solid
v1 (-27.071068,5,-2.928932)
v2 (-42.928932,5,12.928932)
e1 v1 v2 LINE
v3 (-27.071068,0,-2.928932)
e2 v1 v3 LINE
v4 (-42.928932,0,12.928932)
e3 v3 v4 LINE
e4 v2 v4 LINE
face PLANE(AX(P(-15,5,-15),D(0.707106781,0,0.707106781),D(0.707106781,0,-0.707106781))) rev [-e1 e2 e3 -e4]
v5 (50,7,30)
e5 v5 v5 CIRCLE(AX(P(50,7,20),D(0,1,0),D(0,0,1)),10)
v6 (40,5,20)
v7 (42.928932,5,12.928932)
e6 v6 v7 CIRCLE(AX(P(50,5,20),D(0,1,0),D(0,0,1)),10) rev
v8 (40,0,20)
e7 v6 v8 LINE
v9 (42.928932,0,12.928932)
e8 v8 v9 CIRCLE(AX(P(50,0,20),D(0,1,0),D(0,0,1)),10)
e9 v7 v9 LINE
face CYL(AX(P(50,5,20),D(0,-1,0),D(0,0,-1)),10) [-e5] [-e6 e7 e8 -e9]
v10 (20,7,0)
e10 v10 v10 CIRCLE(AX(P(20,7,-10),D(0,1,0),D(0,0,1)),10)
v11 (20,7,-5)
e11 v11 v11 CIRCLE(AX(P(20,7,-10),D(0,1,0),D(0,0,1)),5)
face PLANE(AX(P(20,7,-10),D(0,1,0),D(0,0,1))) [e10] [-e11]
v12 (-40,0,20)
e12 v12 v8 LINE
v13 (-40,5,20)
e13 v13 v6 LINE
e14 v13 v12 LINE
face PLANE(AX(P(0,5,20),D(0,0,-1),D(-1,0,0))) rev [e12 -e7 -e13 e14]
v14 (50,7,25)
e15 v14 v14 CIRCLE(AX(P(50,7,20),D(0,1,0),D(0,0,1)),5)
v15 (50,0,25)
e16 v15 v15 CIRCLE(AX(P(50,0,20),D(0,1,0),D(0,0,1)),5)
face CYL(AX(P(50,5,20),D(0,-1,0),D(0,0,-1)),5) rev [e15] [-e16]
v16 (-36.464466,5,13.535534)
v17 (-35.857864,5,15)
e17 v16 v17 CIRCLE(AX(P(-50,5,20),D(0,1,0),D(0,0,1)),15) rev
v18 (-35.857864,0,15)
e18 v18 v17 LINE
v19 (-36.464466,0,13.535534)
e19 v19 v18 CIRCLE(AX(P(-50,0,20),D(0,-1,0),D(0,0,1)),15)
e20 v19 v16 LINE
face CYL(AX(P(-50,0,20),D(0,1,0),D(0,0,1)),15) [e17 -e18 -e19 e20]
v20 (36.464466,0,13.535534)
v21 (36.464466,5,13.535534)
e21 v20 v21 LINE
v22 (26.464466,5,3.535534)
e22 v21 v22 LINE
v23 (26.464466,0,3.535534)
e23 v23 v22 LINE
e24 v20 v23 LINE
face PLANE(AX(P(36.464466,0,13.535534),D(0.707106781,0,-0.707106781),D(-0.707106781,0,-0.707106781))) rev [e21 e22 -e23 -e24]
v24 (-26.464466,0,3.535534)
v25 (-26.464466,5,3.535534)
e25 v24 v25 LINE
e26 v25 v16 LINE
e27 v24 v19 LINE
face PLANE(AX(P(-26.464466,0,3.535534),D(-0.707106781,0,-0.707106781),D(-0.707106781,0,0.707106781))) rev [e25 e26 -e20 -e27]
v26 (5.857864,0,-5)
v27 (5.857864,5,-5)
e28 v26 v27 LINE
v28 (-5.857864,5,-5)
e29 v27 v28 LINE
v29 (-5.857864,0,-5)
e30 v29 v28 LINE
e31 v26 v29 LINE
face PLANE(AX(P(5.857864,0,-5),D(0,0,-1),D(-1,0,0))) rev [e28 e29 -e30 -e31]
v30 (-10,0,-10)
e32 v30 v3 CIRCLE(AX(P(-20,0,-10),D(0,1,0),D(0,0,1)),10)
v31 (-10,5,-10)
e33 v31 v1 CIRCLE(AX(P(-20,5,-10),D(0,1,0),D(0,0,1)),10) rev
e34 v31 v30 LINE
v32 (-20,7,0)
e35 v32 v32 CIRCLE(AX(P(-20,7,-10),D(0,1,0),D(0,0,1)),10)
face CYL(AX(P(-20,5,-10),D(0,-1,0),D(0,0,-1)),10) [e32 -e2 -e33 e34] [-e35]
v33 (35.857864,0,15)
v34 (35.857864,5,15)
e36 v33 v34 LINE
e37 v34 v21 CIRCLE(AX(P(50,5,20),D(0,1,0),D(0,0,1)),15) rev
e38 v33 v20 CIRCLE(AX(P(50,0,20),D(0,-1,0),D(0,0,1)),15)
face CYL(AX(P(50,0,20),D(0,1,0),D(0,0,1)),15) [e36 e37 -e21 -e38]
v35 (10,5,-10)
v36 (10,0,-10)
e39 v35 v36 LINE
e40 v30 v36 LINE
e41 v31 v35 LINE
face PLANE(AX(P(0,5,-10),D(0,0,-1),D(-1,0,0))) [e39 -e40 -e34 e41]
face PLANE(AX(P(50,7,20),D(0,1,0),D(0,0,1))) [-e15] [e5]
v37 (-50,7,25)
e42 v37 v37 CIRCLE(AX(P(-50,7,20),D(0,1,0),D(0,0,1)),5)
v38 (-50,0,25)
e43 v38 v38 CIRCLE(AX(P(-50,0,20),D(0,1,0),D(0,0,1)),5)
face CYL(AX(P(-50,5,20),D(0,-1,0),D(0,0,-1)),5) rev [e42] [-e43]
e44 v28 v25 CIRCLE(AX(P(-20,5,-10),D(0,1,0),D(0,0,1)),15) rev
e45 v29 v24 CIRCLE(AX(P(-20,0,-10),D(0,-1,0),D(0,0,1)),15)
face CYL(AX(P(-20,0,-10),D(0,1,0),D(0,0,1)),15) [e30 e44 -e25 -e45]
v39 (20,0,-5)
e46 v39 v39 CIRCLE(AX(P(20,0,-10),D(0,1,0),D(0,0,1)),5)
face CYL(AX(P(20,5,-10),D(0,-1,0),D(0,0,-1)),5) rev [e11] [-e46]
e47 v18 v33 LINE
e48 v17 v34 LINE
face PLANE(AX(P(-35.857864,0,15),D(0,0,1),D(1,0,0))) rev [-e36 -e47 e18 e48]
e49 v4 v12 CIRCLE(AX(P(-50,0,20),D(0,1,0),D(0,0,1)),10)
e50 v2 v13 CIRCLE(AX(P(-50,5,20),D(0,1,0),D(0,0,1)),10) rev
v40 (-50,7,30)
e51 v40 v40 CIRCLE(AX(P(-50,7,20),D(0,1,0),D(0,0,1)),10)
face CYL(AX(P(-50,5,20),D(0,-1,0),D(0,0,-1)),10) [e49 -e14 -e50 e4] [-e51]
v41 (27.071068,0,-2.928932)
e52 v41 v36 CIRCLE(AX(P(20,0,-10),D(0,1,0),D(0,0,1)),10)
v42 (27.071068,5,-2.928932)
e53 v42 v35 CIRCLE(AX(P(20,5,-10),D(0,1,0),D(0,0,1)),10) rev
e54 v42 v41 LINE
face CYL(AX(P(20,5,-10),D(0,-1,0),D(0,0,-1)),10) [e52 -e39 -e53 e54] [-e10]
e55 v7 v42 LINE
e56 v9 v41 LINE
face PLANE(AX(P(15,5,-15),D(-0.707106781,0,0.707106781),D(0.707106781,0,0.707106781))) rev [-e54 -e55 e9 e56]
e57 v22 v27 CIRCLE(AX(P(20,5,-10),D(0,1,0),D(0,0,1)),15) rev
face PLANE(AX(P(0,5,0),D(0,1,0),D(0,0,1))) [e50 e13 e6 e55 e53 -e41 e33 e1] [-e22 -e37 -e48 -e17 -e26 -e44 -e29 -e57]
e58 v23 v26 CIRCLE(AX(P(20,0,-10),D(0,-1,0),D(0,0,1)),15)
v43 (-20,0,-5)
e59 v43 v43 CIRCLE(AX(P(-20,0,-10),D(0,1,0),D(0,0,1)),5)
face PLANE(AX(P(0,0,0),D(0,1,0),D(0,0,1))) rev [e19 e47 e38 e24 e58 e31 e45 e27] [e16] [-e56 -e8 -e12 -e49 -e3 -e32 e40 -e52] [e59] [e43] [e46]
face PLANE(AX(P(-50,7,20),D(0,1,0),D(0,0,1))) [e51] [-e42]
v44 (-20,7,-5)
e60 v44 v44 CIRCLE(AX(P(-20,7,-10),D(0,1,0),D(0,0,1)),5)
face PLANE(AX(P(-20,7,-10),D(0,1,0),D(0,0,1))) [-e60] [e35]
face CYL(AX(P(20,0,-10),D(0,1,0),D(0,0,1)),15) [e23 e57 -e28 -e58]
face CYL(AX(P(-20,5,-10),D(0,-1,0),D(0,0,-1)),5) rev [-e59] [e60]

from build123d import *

# Parameters (mm, degrees)
SKETCH1_R               = 5
BOSS_EXTRUDE1_DEPTH     = 5
SKETCH1_3_R             = 10
SKETCH1_3_R_2           = 5
BOSS_EXTRUDE2_DEPTH     = 7
CUT_EXTRUDE1_DEPTH      = 68.268120235
CUT_EXTRUDE1_DEPTH_BACK = 68.268120235


with BuildPart() as part:
    # Sketch1 → Boss-Extrude1 (new body)
    with BuildSketch(Plane(origin=(0, 0, 0), x_dir=(1, 0, 0), z_dir=(0, 1, 0))):
        with BuildLine():
            ThreePointArc((-10, 10), (-23.826834324, 19.238795325), (-27.071067812, 2.928932188))
            Line((-27.071067812, 2.928932188), (-42.928932188, -12.928932188))
            ThreePointArc((-42.928932188, -12.928932188), (-59.238795325, -23.826834324), (-40, -20))
            Line((-40, -20), (40, -20))
            ThreePointArc((40, -20), (59.238795325, -23.826834324), (42.928932188, -12.928932188))
            Line((42.928932188, -12.928932188), (27.071067812, 2.928932188))
            ThreePointArc((27.071067812, 2.928932188), (23.826834324, 19.238795325), (10, 10))
            Line((10, 10), (-10, 10))
        make_face()
        with Locations((-20, 10)):
            Circle(SKETCH1_R, mode=Mode.SUBTRACT)
        with Locations((20, 10)):
            Circle(SKETCH1_R, mode=Mode.SUBTRACT)
        with Locations((50, -20)):
            Circle(SKETCH1_R, mode=Mode.SUBTRACT)
        with Locations((-50, -20)):
            Circle(SKETCH1_R, mode=Mode.SUBTRACT)
    extrude(amount=BOSS_EXTRUDE1_DEPTH)

    # Sketch1<3> → Boss-Extrude2 (add)
    # profile 1 of 4: a face of its own
    with BuildSketch(Plane(origin=(0, 0, 0), x_dir=(1, 0, 0), z_dir=(0, 1, 0))):
        with Locations((-50, -20)):
            Circle(SKETCH1_3_R)
        with Locations((-50, -20)):
            Circle(SKETCH1_3_R_2, mode=Mode.SUBTRACT)
    # profile 2 of 4: a face of its own
    with BuildSketch(Plane(origin=(0, 0, 0), x_dir=(1, 0, 0), z_dir=(0, 1, 0))):
        with Locations((-20, 10)):
            Circle(SKETCH1_3_R)
        with Locations((-20, 10)):
            Circle(SKETCH1_3_R_2, mode=Mode.SUBTRACT)
    # profile 3 of 4: a face of its own
    with BuildSketch(Plane(origin=(0, 0, 0), x_dir=(1, 0, 0), z_dir=(0, 1, 0))):
        with Locations((20, 10)):
            Circle(SKETCH1_3_R)
        with Locations((20, 10)):
            Circle(SKETCH1_3_R_2, mode=Mode.SUBTRACT)
    # profile 4 of 4: a face of its own
    with BuildSketch(Plane(origin=(0, 0, 0), x_dir=(1, 0, 0), z_dir=(0, 1, 0))):
        with Locations((50, -20)):
            Circle(SKETCH1_3_R)
        with Locations((50, -20)):
            Circle(SKETCH1_3_R_2, mode=Mode.SUBTRACT)
    extrude(amount=BOSS_EXTRUDE2_DEPTH)

    # Sketch3 → Cut-Extrude1 (cut, two sides: drawn at the far end of the back side and taken through both)
    with BuildSketch(Plane(origin=(0, 5, 0), x_dir=(1, 0, 0), z_dir=(0, 1, 0)).offset(-CUT_EXTRUDE1_DEPTH_BACK)):
        with BuildLine():
            Line((-35.857864376, -15), (35.857864376, -15))
            ThreePointArc((35.857864376, -15), (36.141807012, -14.259748515), (36.464466094, -13.535533906))
            Line((36.464466094, -13.535533906), (26.464466094, -3.535533906))
            ThreePointArc((26.464466094, -3.535533906), (14.259748515, -3.858192988), (5.857864376, 5))
            Line((5.857864376, 5), (-5.857864376, 5))
            ThreePointArc((-5.857864376, 5), (-14.259748515, -3.858192988), (-26.464466094, -3.535533906))
            Line((-26.464466094, -3.535533906), (-36.464466094, -13.535533906))
            ThreePointArc((-36.464466094, -13.535533906), (-36.141807012, -14.259748515), (-35.857864376, -15))
        make_face()
    extrude(amount=CUT_EXTRUDE1_DEPTH + CUT_EXTRUDE1_DEPTH_BACK, mode=Mode.SUBTRACT)


solid = part.part
